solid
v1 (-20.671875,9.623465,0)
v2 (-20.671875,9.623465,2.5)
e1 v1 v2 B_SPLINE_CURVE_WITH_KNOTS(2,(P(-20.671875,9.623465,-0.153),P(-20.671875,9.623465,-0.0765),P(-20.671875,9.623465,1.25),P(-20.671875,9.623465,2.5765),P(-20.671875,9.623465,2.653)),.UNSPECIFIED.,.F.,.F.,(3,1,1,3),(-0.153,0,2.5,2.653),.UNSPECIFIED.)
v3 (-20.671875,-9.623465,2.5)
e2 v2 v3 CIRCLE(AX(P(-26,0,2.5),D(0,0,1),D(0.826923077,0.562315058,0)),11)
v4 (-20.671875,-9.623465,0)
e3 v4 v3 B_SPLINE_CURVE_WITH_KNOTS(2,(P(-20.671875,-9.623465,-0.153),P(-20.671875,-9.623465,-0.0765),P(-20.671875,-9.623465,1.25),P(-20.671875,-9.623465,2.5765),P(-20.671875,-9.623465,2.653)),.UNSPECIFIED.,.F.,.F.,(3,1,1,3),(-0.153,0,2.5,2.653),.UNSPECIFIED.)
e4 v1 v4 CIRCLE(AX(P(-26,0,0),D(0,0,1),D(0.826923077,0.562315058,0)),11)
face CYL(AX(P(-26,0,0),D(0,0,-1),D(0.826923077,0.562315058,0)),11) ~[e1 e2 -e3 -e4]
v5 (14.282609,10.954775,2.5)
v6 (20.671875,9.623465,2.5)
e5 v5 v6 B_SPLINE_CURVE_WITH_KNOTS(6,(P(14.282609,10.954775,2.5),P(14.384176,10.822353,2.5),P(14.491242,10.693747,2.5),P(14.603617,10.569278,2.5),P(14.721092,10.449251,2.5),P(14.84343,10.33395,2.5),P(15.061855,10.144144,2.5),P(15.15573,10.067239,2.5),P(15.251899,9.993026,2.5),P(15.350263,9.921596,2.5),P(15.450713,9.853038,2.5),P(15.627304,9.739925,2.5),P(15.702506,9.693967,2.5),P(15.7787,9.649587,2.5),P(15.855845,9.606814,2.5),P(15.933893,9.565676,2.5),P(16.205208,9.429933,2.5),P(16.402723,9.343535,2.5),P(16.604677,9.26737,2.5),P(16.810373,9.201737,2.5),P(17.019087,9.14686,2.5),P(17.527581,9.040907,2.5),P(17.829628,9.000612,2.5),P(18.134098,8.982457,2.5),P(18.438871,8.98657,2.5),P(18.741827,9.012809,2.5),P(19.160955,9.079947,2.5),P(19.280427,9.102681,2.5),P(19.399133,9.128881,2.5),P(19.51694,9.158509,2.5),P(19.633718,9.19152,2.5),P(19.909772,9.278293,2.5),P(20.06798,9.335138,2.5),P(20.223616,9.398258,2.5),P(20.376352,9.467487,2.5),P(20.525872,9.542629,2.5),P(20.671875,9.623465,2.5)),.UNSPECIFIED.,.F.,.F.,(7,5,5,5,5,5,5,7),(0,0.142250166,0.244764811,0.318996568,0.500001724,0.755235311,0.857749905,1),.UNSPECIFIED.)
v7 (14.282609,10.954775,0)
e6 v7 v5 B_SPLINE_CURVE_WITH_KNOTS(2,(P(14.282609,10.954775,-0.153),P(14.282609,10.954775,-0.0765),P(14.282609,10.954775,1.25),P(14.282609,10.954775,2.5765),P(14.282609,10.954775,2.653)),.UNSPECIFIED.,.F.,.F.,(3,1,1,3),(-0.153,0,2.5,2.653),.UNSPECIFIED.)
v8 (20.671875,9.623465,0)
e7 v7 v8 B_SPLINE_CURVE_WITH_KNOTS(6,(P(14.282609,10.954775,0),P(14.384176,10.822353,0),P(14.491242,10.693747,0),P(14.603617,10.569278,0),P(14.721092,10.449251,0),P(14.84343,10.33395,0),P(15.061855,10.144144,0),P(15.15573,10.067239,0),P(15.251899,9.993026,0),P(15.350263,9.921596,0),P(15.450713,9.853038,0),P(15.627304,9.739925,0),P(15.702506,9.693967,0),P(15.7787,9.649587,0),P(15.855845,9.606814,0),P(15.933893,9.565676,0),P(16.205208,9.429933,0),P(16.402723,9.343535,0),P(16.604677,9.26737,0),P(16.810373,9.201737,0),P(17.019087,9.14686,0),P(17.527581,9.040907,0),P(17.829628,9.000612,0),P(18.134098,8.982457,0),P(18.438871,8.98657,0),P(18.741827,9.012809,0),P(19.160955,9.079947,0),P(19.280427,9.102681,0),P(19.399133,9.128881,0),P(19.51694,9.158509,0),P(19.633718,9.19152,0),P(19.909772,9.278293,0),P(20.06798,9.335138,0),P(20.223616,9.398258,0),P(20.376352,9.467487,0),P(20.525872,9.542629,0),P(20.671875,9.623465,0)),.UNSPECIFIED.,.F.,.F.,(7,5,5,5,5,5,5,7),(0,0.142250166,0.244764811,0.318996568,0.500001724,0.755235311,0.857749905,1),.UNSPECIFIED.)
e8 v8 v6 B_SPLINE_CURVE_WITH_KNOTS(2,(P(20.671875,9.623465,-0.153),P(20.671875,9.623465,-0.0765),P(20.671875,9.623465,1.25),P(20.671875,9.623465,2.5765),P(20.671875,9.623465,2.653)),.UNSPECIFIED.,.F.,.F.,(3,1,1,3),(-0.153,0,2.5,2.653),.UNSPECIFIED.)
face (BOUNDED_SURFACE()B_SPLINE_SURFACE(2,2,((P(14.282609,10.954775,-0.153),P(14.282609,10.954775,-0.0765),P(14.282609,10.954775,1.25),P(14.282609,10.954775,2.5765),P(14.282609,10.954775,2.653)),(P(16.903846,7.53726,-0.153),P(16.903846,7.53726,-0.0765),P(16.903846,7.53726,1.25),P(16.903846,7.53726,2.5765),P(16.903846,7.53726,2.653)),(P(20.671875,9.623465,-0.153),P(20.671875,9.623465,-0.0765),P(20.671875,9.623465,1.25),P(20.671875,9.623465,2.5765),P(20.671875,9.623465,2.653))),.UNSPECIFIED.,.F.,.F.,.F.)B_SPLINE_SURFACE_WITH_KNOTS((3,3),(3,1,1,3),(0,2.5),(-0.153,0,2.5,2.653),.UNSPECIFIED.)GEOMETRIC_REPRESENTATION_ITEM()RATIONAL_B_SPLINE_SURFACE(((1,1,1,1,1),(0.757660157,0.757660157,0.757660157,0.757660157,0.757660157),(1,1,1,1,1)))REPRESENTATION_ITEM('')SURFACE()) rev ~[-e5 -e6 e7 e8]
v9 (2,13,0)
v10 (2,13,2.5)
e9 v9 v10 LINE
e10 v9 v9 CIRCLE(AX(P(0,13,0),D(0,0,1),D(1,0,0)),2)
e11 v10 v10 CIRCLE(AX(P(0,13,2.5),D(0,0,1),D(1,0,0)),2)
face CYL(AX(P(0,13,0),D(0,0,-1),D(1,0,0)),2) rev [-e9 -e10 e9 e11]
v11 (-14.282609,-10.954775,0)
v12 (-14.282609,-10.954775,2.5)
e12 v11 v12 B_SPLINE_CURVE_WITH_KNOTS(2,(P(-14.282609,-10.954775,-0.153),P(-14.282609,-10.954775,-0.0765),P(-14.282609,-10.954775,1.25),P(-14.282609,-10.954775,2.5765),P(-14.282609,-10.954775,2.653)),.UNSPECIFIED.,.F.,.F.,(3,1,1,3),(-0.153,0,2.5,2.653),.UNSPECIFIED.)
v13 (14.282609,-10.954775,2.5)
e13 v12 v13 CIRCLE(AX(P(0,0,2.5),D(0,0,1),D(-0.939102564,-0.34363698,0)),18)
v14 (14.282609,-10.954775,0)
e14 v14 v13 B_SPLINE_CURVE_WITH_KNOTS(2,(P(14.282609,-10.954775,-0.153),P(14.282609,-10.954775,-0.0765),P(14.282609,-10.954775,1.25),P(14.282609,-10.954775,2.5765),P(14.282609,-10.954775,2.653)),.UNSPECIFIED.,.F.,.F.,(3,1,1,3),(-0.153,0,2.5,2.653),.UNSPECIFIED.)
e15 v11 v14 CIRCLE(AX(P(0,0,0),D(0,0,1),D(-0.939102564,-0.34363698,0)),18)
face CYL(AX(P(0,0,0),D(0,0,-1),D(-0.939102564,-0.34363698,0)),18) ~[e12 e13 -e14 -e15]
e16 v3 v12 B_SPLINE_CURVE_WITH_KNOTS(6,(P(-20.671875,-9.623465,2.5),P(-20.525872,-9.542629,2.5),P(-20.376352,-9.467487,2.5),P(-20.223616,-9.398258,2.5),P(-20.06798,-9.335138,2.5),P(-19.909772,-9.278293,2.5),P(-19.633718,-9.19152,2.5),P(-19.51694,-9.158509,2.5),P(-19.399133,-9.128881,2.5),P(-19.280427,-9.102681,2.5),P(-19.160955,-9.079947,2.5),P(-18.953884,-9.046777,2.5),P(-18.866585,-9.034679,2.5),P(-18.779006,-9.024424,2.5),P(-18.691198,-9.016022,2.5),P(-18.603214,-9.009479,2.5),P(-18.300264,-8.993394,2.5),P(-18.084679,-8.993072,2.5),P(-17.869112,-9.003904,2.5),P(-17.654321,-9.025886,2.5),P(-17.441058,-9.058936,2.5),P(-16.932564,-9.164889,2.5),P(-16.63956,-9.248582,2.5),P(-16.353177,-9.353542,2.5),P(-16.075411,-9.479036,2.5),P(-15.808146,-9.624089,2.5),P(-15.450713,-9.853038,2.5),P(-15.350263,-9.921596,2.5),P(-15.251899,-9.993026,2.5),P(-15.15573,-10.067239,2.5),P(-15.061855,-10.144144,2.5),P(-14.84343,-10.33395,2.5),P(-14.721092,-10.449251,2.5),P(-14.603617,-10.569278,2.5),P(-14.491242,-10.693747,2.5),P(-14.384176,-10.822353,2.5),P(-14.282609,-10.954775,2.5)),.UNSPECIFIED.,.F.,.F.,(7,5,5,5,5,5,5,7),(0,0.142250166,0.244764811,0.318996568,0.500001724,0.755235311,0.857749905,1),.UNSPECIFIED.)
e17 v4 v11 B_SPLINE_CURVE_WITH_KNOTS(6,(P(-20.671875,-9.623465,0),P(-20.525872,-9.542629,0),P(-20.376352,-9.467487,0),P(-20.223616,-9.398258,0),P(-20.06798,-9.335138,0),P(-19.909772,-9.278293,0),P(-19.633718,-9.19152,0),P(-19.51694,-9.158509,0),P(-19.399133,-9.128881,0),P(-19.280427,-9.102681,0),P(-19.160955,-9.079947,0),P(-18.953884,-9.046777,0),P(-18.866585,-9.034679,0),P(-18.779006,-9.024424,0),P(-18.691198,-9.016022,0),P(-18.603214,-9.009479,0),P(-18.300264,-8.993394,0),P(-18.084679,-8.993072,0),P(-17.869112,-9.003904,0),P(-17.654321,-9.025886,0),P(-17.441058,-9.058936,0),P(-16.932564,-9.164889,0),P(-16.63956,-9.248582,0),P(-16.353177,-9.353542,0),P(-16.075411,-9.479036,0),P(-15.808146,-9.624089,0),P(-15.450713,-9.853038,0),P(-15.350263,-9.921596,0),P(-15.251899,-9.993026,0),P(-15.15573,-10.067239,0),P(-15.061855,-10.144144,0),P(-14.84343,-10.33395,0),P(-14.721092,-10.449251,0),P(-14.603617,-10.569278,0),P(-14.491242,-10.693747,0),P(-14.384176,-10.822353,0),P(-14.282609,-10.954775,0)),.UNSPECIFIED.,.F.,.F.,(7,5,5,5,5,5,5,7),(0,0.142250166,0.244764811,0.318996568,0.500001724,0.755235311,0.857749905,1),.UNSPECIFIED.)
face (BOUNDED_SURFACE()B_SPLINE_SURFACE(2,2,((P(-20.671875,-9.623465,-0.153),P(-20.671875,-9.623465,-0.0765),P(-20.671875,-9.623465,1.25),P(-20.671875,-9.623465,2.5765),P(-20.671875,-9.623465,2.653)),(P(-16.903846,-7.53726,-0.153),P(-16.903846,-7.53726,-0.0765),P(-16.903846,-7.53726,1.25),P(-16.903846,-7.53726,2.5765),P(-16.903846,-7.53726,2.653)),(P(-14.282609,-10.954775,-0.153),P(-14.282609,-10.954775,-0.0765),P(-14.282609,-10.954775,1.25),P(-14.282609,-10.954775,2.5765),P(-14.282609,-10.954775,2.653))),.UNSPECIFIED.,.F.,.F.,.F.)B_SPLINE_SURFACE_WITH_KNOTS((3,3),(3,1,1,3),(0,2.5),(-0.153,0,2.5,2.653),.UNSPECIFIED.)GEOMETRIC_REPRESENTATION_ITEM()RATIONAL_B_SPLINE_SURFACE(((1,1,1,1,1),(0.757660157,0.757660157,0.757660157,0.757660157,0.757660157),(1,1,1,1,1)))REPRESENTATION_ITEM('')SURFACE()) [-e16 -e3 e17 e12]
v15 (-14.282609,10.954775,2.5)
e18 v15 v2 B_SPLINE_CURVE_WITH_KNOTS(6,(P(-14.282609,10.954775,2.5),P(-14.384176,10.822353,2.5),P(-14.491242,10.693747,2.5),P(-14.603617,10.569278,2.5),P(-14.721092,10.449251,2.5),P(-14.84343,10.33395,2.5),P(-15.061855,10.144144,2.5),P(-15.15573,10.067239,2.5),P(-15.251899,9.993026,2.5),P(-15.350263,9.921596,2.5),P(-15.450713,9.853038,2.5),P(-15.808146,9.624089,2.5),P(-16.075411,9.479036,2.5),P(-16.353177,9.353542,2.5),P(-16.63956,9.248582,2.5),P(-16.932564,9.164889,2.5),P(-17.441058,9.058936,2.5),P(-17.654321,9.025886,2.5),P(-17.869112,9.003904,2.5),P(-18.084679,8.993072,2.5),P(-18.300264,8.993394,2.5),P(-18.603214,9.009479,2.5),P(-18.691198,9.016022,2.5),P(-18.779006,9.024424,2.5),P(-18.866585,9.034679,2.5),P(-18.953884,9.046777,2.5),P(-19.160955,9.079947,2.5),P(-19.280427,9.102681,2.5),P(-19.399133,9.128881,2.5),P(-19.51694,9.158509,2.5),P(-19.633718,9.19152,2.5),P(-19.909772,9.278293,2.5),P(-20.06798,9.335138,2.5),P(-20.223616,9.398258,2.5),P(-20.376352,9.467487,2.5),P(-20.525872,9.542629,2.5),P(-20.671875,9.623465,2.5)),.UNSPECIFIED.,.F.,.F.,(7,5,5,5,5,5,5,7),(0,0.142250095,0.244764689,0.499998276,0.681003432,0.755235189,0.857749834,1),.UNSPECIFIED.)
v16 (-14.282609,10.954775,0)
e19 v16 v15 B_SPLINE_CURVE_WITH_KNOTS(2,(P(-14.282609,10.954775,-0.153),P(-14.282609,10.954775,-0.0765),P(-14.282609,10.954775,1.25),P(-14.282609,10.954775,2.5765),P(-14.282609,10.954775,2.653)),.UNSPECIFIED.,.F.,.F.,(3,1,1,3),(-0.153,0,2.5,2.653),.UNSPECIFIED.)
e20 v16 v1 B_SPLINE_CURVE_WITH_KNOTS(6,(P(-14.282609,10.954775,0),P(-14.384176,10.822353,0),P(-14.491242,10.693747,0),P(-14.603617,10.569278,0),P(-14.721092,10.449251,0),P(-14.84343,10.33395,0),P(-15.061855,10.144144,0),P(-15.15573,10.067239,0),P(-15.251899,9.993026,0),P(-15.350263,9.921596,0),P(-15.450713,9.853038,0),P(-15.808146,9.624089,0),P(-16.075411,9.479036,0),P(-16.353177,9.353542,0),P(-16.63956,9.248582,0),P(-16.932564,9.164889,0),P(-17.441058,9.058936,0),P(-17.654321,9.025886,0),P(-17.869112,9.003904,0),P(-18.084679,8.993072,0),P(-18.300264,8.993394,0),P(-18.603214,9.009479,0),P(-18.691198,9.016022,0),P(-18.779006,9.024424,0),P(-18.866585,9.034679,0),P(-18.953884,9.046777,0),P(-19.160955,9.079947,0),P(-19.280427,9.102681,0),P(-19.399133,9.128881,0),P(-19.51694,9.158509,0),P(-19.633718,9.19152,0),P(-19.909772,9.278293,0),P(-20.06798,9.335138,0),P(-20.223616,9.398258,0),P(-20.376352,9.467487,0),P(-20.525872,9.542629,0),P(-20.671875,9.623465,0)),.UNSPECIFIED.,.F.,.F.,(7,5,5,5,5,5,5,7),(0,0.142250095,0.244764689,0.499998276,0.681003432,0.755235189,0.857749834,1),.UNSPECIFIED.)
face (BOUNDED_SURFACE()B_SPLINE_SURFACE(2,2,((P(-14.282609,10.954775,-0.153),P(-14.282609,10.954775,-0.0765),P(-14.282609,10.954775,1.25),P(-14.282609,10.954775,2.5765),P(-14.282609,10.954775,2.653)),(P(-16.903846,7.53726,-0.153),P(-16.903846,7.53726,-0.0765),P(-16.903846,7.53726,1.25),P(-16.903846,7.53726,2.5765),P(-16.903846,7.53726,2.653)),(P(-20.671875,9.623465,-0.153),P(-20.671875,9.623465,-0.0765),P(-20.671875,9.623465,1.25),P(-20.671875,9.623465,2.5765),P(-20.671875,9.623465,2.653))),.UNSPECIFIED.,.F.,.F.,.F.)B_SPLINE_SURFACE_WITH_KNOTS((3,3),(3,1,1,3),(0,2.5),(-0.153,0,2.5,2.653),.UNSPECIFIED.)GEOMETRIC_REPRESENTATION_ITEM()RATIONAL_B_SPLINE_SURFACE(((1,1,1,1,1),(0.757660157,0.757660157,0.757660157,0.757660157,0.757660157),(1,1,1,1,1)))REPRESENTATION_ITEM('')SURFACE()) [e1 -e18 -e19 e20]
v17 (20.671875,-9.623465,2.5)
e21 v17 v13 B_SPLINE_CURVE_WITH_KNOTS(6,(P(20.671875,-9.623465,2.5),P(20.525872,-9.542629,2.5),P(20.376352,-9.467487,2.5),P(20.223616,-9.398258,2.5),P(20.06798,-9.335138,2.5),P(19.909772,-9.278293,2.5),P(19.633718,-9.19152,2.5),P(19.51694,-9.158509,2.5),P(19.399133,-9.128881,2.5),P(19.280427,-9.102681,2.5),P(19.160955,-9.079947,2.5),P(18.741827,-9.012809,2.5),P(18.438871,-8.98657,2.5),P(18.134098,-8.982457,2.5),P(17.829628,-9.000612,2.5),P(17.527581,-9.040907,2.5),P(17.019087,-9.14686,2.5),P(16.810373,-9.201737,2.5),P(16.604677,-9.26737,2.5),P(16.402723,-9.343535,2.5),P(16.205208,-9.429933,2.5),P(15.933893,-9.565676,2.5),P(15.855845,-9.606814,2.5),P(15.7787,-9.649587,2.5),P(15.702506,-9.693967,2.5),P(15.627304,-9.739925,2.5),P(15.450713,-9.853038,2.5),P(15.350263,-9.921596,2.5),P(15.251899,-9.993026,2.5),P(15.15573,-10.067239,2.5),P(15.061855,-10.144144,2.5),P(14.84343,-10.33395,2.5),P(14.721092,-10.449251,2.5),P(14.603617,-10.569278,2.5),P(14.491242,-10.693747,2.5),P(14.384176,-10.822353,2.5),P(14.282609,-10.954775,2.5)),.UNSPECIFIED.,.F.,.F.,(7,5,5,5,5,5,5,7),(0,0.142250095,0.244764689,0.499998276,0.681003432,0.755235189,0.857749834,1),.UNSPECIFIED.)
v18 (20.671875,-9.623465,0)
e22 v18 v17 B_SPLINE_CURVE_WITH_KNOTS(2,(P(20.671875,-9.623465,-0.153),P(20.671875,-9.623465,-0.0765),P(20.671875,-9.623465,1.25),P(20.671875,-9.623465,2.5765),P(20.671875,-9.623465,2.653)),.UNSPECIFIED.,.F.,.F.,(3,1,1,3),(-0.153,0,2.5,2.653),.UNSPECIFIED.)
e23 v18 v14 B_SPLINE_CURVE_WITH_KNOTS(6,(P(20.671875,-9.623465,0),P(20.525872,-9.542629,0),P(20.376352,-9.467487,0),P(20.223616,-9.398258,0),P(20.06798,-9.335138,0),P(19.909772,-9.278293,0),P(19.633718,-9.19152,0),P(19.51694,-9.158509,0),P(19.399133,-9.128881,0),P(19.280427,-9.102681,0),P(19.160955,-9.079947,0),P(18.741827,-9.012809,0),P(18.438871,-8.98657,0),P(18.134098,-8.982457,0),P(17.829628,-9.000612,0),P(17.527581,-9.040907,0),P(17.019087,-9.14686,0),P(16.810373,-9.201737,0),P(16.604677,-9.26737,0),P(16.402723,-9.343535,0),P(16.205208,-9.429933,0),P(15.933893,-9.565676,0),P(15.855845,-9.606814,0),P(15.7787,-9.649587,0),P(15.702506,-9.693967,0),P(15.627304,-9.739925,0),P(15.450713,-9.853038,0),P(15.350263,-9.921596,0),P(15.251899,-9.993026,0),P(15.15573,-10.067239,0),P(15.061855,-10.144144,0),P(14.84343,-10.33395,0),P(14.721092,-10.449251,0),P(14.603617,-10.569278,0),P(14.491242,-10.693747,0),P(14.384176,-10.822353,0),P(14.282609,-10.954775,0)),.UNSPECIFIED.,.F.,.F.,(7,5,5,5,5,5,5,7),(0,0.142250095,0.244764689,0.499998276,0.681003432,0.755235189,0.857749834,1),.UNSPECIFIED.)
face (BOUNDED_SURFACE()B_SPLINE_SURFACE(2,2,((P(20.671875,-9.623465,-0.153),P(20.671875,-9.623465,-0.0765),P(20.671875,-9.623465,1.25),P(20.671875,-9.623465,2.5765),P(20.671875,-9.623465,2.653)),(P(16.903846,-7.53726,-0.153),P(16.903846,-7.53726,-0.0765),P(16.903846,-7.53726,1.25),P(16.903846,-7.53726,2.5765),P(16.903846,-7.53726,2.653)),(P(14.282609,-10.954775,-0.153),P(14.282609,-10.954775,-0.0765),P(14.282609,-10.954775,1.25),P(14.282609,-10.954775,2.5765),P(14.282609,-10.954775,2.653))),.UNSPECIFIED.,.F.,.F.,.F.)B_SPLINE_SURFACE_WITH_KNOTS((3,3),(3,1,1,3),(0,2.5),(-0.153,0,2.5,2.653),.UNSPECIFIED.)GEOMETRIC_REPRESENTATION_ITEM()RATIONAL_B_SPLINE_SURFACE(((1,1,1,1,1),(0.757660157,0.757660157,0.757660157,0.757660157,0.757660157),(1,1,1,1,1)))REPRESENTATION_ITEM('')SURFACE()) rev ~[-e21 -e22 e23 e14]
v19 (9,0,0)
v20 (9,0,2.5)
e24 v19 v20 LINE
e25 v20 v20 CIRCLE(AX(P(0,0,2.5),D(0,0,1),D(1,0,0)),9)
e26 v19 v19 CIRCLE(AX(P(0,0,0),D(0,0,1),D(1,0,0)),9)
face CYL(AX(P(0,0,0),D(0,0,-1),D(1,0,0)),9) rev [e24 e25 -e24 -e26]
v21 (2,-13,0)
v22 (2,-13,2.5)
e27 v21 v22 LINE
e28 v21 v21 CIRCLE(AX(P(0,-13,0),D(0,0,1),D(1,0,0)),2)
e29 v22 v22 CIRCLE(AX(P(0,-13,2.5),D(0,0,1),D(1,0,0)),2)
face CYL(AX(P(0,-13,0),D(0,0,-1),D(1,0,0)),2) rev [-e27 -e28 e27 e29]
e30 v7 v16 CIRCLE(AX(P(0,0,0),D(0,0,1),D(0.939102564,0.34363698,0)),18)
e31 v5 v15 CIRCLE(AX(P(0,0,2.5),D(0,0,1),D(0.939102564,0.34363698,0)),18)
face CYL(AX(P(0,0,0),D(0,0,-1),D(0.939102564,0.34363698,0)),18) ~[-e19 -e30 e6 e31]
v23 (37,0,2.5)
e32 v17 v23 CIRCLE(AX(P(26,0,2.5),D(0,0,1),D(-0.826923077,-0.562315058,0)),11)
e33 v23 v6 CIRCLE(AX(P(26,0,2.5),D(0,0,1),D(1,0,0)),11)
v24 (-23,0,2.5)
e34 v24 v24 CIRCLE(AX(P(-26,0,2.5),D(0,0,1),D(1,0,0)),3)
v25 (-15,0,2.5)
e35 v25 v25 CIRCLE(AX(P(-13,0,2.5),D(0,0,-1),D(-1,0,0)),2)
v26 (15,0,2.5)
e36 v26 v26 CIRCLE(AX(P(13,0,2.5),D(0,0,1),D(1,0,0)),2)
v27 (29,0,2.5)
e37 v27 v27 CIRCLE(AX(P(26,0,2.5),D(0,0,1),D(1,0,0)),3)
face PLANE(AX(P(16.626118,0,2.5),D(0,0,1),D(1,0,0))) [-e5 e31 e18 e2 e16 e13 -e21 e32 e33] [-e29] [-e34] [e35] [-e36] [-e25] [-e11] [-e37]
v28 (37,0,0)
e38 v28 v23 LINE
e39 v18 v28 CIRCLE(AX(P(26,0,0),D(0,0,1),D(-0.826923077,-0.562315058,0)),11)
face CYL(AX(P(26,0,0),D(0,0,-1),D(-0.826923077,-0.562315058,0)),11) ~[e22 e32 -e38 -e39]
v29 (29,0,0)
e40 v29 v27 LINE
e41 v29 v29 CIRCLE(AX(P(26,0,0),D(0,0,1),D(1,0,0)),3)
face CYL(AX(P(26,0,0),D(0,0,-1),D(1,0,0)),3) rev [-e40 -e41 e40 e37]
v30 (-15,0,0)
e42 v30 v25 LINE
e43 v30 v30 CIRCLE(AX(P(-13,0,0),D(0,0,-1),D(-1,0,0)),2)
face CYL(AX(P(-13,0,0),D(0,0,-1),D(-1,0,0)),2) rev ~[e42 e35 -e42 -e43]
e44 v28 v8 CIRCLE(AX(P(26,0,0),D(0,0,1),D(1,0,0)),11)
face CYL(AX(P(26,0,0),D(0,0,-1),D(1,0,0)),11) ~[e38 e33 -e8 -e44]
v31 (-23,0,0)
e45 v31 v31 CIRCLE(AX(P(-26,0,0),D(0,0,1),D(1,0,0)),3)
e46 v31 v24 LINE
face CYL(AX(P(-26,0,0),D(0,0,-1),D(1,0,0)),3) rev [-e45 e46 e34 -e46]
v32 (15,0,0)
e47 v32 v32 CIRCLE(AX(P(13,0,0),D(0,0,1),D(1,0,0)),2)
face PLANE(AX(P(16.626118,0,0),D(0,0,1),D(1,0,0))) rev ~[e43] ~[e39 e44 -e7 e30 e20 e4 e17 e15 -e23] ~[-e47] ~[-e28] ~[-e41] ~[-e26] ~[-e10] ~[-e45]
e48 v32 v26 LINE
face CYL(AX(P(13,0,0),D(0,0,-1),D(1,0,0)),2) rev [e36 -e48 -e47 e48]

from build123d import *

# Parameters (mm, degrees)
F0_R     = 3
F0_R_2   = 2
F0_R_3   = 9
F1_DEPTH = 2.5
F2_R     = 5


with BuildPart() as f1:
    # F0 (on Top) → F1 (new body)
    with BuildSketch(Plane.XY):
        with BuildLine():
            ThreePointArc((16.9038461538, -6.1854656419), (17.7238431325, -3.140920982), (18, 0))
            ThreePointArc((18, 0), (17.7238431325, 3.140920982), (16.9038461538, 6.1854656419))
            ThreePointArc((16.9038461538, 6.1854656419), (15.4867299971, 3.2359162298), (15, 0))
            ThreePointArc((15, 0), (15.4867299971, -3.2359162298), (16.9038461538, -6.1854656419))
        make_face()
        with BuildLine():
            ThreePointArc((16.9038461538, 6.1854656419), (17.7238431325, 3.140920982), (18, 0))
            ThreePointArc((18, 0), (17.7238431325, -3.140920982), (16.9038461538, -6.1854656419))
            ThreePointArc((16.9038461538, -6.1854656419), (29.2359162298, -10.5132700029), (37, 0))
            ThreePointArc((37, 0), (29.2359162298, 10.5132700029), (16.9038461538, 6.1854656419))
        make_face()
        with Locations((26, 0)):
            Circle(F0_R, mode=Mode.SUBTRACT)
        with BuildLine():
            ThreePointArc((15, 0), (15.4867299971, 3.2359162298), (16.9038461538, 6.1854656419))
            ThreePointArc((16.9038461538, 6.1854656419), (0, 18), (-16.9038461538, 6.1854656419))
            ThreePointArc((-16.9038461538, 6.1854656419), (-15.4867299971, 3.2359162298), (-15, 0))
            ThreePointArc((-15, 0), (-15.4867299971, -3.2359162298), (-16.9038461538, -6.1854656419))
            ThreePointArc((-16.9038461538, -6.1854656419), (0, -18), (16.9038461538, -6.1854656419))
            ThreePointArc((16.9038461538, -6.1854656419), (15.4867299971, -3.2359162298), (15, 0))
        make_face()
        with Locations((0, -13)):
            Circle(F0_R_2, mode=Mode.SUBTRACT)
        with BuildLine():
            ThreePointArc((-11, 0), (-13, -2), (-15, 0))
            ThreePointArc((-15, 0), (-13, 2), (-11, 0))
        make_face(mode=Mode.SUBTRACT)
        Circle(F0_R_3, mode=Mode.SUBTRACT)
        with Locations((13, 0)):
            Circle(F0_R_2, mode=Mode.SUBTRACT)
        with Locations((0, 13)):
            Circle(F0_R_2, mode=Mode.SUBTRACT)
        with BuildLine():
            ThreePointArc((-15, 0), (-15.4867299971, 3.2359162298), (-16.9038461538, 6.1854656419))
            ThreePointArc((-16.9038461538, 6.1854656419), (-18, 0), (-16.9038461538, -6.1854656419))
            ThreePointArc((-16.9038461538, -6.1854656419), (-15.4867299971, -3.2359162298), (-15, 0))
        make_face()
        with BuildLine():
            ThreePointArc((-16.9038461538, -6.1854656419), (-18, 0), (-16.9038461538, 6.1854656419))
            ThreePointArc((-16.9038461538, 6.1854656419), (-37, 0), (-16.9038461538, -6.1854656419))
        make_face()
        with Locations((-26, 0)):
            Circle(F0_R, mode=Mode.SUBTRACT)
    extrude(amount=F1_DEPTH)

    # F2
    f2_edges = [f1.edges().sort_by_distance(p)[0] for p in [
        (16.903846, 6.185466, 1.25),
        (-16.903846, 6.185466, 1.25),
        (16.903846, -6.185466, 1.25),
        (-16.903846, -6.185466, 1.25),
    ]]
    fillet(f2_edges, radius=F2_R)


solid = f1.part
